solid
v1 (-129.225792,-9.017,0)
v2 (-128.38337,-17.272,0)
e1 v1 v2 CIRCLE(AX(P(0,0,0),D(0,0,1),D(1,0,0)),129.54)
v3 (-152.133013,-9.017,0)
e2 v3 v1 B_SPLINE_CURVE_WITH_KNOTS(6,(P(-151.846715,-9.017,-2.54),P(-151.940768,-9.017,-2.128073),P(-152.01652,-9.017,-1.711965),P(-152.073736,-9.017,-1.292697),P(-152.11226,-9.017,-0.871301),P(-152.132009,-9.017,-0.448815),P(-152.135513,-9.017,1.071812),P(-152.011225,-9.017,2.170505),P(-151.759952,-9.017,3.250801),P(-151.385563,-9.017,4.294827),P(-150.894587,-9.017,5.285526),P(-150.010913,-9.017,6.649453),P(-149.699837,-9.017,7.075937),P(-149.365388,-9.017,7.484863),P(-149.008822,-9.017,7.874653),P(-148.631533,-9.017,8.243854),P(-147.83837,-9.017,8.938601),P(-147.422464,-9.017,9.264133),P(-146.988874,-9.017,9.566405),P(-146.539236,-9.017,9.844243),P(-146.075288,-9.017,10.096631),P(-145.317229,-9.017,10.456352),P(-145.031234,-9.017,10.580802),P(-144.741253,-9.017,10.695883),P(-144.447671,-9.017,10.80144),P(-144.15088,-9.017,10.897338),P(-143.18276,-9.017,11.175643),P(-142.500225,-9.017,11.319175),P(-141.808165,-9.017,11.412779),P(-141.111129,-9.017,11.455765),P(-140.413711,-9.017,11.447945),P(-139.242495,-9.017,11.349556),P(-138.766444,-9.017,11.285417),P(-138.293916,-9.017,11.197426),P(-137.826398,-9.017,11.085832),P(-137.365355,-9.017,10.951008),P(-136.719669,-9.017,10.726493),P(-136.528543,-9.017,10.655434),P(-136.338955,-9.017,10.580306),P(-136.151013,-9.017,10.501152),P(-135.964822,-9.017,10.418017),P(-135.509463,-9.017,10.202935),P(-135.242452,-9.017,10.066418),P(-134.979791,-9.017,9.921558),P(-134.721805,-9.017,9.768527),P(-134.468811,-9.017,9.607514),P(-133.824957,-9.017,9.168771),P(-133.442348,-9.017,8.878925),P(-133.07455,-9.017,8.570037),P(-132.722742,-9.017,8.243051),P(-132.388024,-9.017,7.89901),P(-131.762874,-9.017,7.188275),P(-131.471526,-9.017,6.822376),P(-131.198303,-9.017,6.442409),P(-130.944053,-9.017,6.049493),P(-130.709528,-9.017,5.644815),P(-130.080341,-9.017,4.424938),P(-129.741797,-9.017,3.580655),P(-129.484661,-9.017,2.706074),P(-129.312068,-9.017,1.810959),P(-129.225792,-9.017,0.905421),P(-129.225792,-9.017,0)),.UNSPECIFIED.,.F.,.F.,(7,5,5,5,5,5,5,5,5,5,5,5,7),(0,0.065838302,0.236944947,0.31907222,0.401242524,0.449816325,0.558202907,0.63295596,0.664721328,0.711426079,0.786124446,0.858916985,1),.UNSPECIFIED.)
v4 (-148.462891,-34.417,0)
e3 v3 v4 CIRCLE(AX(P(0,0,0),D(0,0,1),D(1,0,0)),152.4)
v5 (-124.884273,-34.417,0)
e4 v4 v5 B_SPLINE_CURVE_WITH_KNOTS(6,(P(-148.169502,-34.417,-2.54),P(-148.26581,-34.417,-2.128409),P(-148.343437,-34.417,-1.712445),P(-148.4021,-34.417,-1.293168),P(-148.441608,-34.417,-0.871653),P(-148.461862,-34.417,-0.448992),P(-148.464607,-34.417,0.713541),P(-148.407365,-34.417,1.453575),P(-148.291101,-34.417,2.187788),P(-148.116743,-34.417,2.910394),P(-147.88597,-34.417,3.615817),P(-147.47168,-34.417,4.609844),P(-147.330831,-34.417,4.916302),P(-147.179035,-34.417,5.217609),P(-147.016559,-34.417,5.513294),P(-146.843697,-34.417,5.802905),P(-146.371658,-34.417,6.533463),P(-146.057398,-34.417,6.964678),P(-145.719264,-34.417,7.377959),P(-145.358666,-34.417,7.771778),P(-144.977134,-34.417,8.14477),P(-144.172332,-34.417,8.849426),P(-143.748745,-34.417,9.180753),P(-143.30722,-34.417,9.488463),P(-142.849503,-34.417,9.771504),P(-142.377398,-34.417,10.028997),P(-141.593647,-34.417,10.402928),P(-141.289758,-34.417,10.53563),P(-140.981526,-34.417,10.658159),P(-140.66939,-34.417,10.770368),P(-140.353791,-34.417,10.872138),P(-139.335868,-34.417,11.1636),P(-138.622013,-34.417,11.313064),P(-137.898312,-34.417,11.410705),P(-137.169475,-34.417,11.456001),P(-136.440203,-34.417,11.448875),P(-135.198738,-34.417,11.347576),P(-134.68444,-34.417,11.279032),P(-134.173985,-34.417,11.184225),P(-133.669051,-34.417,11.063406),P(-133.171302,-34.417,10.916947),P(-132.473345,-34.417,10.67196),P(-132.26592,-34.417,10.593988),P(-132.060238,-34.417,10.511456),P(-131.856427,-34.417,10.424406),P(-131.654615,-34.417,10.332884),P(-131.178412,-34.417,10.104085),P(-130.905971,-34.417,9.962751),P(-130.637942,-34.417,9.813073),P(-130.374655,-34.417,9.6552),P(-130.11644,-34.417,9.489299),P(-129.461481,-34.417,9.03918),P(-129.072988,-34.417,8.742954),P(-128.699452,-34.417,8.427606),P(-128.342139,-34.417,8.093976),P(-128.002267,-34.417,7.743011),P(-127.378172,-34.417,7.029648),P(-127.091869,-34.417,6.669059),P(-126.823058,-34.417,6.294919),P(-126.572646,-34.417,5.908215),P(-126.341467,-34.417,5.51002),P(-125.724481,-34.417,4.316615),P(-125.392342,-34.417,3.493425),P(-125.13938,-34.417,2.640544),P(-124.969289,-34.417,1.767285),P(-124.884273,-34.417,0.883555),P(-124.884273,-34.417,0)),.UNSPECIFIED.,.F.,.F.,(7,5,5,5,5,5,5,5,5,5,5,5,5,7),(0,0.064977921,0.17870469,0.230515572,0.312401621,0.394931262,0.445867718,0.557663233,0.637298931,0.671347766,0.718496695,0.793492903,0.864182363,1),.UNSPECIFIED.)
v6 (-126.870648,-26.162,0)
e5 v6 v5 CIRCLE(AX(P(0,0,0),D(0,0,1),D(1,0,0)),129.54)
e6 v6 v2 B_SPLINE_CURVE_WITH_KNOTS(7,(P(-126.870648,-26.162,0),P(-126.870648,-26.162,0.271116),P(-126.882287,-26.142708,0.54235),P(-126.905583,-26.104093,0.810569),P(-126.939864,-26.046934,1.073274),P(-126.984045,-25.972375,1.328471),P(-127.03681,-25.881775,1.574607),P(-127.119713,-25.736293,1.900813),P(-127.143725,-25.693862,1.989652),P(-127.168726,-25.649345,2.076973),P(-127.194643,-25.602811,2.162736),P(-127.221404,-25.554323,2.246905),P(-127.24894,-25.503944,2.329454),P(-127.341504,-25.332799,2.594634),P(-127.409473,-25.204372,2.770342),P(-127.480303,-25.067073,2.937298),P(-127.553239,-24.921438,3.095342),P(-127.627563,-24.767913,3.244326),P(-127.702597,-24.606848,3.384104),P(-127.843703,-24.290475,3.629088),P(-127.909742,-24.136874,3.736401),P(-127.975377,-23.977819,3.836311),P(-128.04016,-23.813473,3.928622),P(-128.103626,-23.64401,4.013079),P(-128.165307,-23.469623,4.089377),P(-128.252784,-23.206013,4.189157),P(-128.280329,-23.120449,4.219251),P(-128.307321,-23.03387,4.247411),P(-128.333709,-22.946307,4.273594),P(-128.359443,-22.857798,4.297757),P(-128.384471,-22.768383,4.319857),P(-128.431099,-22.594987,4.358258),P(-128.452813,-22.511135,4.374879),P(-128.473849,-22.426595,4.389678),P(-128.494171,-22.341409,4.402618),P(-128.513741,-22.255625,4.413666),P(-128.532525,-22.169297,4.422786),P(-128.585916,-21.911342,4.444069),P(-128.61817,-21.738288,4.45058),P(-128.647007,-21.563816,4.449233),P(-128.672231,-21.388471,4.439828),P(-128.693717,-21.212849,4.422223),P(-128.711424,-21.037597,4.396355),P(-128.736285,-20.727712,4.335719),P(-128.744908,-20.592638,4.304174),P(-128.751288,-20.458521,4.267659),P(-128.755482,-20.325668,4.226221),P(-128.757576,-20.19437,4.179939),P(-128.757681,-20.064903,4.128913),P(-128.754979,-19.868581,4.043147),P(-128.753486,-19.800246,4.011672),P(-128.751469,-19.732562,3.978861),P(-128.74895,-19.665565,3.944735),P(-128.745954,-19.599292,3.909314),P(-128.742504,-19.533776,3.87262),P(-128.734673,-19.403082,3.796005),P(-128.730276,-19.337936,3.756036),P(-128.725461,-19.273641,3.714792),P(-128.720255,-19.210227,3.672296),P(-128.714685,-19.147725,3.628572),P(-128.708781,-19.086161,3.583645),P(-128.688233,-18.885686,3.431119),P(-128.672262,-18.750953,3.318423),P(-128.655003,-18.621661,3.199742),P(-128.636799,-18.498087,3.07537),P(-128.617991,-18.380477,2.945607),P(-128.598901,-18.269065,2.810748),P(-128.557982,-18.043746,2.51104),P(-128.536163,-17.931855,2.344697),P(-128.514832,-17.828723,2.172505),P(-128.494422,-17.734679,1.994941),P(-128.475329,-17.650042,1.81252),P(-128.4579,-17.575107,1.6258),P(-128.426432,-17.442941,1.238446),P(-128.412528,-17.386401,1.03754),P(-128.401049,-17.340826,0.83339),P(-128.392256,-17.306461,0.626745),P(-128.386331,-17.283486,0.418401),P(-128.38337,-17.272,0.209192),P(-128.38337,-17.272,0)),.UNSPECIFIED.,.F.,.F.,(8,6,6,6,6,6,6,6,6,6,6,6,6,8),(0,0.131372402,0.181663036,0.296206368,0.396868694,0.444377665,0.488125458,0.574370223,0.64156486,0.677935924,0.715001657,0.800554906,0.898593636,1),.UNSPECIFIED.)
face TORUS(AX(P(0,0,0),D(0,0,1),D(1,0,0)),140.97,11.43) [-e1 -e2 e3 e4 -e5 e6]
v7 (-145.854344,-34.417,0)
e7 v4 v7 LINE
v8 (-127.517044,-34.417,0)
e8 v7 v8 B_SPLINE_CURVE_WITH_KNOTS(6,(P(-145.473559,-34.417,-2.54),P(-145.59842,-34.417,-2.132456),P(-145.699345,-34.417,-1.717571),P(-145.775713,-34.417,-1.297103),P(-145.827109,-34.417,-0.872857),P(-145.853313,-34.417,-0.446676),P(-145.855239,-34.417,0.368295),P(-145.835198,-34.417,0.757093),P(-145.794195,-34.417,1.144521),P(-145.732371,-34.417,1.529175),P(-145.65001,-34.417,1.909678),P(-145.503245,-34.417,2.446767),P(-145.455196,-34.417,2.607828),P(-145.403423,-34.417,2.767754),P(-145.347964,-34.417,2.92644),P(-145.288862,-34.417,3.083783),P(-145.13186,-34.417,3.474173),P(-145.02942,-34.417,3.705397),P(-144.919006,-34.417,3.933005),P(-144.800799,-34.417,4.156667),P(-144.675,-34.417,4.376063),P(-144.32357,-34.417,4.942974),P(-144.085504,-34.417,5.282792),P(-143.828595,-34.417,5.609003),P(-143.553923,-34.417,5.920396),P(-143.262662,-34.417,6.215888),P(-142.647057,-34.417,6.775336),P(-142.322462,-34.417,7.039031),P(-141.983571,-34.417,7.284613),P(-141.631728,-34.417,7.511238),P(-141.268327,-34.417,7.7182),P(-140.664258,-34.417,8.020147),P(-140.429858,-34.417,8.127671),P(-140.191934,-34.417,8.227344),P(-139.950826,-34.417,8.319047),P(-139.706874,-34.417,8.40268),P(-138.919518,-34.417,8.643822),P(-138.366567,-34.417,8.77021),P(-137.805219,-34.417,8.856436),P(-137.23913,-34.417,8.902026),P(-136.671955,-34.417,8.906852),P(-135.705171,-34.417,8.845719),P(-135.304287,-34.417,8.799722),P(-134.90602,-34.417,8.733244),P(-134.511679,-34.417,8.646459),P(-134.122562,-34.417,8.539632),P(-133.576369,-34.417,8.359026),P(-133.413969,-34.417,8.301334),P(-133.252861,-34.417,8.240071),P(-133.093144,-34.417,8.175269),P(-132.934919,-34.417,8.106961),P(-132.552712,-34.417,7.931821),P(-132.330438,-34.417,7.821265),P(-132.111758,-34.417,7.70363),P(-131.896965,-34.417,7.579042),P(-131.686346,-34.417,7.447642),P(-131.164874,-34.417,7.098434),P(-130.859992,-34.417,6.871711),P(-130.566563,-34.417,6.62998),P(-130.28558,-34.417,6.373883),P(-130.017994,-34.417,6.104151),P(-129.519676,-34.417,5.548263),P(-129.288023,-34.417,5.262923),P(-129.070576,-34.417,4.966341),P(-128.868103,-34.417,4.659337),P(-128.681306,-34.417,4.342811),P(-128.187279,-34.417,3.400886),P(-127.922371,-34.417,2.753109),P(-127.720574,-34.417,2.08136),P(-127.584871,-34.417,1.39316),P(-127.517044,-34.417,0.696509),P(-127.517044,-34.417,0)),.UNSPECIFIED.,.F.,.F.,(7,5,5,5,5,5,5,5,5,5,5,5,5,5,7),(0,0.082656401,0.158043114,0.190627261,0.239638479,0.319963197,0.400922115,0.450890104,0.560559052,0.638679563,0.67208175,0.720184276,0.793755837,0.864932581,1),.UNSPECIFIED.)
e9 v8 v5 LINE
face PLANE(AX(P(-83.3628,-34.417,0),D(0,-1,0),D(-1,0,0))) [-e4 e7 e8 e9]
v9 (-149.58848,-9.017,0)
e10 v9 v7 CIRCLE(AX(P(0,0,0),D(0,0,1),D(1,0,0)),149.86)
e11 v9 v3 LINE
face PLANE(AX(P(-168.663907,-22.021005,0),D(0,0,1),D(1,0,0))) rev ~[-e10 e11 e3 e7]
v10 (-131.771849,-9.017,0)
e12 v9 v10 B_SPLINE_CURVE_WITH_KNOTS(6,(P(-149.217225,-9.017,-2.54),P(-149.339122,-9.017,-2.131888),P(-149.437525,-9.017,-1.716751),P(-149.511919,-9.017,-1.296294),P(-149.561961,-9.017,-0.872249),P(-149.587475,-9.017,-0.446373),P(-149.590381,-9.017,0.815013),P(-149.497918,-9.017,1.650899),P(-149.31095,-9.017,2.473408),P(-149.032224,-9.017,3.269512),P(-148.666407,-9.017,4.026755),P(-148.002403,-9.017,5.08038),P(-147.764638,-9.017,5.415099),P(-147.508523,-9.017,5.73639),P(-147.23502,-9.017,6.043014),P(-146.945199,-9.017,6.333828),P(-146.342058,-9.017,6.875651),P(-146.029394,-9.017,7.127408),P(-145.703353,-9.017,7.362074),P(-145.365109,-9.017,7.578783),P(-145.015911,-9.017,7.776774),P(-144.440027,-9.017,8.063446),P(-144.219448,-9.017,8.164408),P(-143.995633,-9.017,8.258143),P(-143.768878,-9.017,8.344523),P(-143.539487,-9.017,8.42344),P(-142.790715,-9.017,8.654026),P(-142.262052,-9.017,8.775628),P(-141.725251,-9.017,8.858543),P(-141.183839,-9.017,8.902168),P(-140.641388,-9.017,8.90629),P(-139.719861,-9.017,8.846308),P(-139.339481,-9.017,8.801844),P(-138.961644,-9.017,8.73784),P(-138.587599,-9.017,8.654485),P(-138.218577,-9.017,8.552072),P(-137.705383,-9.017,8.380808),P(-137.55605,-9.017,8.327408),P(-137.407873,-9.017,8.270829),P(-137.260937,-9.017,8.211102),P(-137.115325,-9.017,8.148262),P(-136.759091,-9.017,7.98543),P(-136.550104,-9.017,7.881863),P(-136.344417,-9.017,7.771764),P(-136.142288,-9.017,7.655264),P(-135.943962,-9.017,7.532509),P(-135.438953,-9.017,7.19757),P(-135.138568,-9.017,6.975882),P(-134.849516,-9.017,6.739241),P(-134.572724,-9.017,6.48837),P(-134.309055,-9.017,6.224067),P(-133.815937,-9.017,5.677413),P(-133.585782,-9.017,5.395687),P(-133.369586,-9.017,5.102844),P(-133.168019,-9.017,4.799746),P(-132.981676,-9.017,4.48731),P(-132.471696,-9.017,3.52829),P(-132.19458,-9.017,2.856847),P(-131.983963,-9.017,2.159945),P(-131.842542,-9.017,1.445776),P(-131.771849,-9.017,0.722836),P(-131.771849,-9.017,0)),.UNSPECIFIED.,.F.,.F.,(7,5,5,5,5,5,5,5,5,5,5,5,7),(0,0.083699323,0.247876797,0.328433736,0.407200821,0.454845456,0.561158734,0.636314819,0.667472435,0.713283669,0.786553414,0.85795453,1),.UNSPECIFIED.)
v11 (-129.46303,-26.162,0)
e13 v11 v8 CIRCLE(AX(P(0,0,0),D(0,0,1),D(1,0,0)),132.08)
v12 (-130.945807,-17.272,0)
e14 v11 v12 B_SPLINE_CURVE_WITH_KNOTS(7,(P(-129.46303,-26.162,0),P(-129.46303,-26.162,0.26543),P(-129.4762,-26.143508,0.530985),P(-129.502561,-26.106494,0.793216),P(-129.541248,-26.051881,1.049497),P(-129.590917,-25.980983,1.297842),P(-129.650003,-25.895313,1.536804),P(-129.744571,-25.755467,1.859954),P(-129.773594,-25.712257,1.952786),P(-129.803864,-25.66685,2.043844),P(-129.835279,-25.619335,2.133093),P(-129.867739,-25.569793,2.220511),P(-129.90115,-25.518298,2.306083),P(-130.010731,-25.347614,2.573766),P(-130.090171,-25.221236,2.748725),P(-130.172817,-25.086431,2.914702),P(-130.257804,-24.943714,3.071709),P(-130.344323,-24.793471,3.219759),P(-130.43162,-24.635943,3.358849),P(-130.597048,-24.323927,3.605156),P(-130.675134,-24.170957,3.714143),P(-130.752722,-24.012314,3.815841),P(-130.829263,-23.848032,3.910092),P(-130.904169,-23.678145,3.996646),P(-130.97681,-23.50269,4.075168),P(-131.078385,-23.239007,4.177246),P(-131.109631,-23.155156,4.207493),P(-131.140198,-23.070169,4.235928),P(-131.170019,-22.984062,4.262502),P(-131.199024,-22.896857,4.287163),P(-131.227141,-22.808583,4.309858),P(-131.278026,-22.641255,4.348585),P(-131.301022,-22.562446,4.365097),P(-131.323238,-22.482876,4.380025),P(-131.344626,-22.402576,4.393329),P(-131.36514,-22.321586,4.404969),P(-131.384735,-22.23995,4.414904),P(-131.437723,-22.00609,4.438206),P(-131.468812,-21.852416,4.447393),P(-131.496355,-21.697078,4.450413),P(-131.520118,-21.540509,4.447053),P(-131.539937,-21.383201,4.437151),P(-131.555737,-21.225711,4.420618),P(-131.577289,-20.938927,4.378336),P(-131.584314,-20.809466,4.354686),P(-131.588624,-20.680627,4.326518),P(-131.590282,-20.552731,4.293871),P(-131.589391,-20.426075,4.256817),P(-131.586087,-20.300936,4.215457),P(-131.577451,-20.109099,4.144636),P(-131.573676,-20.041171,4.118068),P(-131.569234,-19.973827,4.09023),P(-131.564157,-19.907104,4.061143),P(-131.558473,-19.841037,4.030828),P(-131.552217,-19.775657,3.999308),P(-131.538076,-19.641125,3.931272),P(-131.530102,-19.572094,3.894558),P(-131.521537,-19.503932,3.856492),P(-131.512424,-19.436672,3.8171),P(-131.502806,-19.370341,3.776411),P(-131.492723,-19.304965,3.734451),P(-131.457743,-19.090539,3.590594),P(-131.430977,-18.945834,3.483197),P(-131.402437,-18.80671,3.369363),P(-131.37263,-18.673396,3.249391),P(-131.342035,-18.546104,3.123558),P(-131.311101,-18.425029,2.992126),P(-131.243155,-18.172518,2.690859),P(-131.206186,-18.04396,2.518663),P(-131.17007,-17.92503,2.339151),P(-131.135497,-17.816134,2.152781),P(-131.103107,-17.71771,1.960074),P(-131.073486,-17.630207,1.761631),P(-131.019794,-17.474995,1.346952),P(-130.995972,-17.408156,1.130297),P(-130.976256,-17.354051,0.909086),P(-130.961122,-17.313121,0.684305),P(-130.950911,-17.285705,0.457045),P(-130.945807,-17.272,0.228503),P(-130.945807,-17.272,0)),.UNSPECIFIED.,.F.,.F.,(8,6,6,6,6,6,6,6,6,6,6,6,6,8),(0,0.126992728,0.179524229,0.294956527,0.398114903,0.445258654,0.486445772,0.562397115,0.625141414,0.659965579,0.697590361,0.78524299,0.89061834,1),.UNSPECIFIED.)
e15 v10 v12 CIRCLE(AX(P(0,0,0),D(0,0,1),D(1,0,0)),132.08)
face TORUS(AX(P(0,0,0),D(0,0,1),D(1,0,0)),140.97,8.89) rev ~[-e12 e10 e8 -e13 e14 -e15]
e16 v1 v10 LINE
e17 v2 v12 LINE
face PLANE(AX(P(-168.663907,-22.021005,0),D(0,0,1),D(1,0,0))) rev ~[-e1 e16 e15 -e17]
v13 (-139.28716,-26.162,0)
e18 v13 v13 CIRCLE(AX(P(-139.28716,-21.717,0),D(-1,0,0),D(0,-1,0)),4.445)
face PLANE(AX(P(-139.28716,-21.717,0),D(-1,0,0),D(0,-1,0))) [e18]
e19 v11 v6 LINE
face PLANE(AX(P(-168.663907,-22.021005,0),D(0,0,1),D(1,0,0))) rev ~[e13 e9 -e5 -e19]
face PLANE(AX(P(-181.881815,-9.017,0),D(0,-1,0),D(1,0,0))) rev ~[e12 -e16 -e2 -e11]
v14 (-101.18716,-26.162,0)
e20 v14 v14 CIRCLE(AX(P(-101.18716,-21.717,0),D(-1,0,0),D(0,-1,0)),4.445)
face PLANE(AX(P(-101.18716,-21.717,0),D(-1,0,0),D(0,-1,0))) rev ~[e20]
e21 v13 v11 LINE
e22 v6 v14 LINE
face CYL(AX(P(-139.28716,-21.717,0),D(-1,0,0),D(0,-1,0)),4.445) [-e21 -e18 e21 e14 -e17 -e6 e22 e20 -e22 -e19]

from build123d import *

# Parameters (mm, degrees)
F2_R          = 11.43
F2_R_2        = 8.89
F0_W          = 177.8
F0_H          = 5.7147379888
F4_DEPTH      = 25.4
F4_DEPTH_BACK = 25.4
F5_DEPTH      = 25.4
F7_R          = 4.445
F8_DEPTH      = 38.1


with BuildPart() as f3:
    # F3: sweep along a path in F0
    with BuildLine(Plane.XY) as f3_path:
        ThreePointArc((140.97, 0), (-140.9612054829, 1.5746265624), (140.9348230289, -3.1490566563))
        ThreePointArc((140.9348230289, -3.1490566563), (140.9612054829, -1.5746265624), (140.97, 0))
    # F2 (on line) → F3 (sweep)
    with BuildSketch(Plane(origin=(0, 0, 0), x_dir=(-1, 0, 0), z_dir=(0, 1, 0))):
        with Locations((-140.97, 0)):
            Circle(F2_R)
        with Locations((-140.97, 0)):
            Circle(F2_R_2, mode=Mode.SUBTRACT)
    sweep(path=f3_path.line)

    # F0 (on Top) → F4 (cut, two sides)
    with BuildSketch(Plane.XY) as f4_sk:
        with BuildLine():
            ThreePointArc((-140.6813228933, -9.017), (-4.5108098905, 140.8978122404), (140.97, 0))
            ThreePointArc((140.97, 0), (140.9612054829, -1.5746265624), (140.9348230289, -3.1490566563))
            ThreePointArc((140.9348230289, -3.1490566563), (15.7764325547, -140.0844212461), (-136.7041001982, -34.417))
            Line((-136.7041001982, -34.417), (-181.8818151951, -34.417))
            Line((-181.8818151951, -34.417), (-181.8818151951, -162.2846722603))
            Line((-181.8818151951, -162.2846722603), (186.068713665, -162.2846722603))
            Line((186.068713665, -162.2846722603), (186.068713665, 166.5027737617))
            Line((186.068713665, 166.5027737617), (-181.8818151951, 166.5027737617))
            Line((-181.8818151951, 166.5027737617), (-181.8818151951, -9.017))
            Line((-181.8818151951, -9.017), (-140.6813228933, -9.017))
        make_face()
        with BuildLine():
            ThreePointArc((-127.517044002, -34.417), (17.359078723, -130.9342918639), (132.08, 0))
            Line((132.08, 0), (94.4372, 0))
            Line((94.4372, 0), (94.4372, -16.0022620112))
            Line((94.4372, -16.0022620112), (94.4372, -21.717))
            Line((94.4372, -21.717), (-83.3628, -21.717))
            Line((-83.3628, -21.717), (-83.3628, -34.417))
            Line((-83.3628, -34.417), (-127.517044002, -34.417))
        make_face()
        with BuildLine():
            Line((94.4372, 0), (132.08, 0))
            ThreePointArc((132.08, 0), (-4.5111319594, 132.0029396962), (-131.7718487045, -9.017))
            Line((-131.7718487045, -9.017), (-83.3628, -9.017))
            Line((-83.3628, -9.017), (-83.3628, -16.0022620112))
            Line((-83.3628, -16.0022620112), (94.4372, -16.0022620112))
            Line((94.4372, -16.0022620112), (94.4372, 0))
        make_face()
        with Locations((5.5372, -18.8596310056)):
            Rectangle(F0_W, F0_H)
        with BuildLine():
            Line((140.97, 0), (132.08, 0))
            ThreePointArc((132.08, 0), (17.359078723, -130.9342918639), (-127.517044002, -34.417))
            Line((-127.517044002, -34.417), (-136.7041001982, -34.417))
            ThreePointArc((-136.7041001982, -34.417), (15.7764325547, -140.0844212461), (140.9348230289, -3.1490566563))
            ThreePointArc((140.9348230289, -3.1490566563), (140.9612054829, -1.5746265624), (140.97, 0))
        make_face()
        with BuildLine():
            ThreePointArc((-131.7718487045, -9.017), (-4.5111319594, 132.0029396962), (132.08, 0))
            Line((132.08, 0), (140.97, 0))
            ThreePointArc((140.97, 0), (-4.5108098905, 140.8978122404), (-140.6813228933, -9.017))
            Line((-140.6813228933, -9.017), (-131.7718487045, -9.017))
        make_face()
    extrude(amount=F4_DEPTH, mode=Mode.SUBTRACT)
    extrude(f4_sk.sketch, amount=-F4_DEPTH_BACK, mode=Mode.SUBTRACT)

    # F0 (on Top) → F5 (cut)
    with BuildSketch(Plane.XY):
        with BuildLine():
            ThreePointArc((-139.2871595338, -21.717), (-140.1281923388, -15.3828024712), (-140.6813228933, -9.017))
            Line((-140.6813228933, -9.017), (-181.8818151951, -9.017))
            Line((-181.8818151951, -9.017), (-198.6888721585, -9.017))
            Line((-198.6888721585, -9.017), (-198.6888721585, -34.417))
            Line((-198.6888721585, -34.417), (-181.8818151951, -34.417))
            Line((-181.8818151951, -34.417), (-136.7041001982, -34.417))
            ThreePointArc((-136.7041001982, -34.417), (-138.1416532481, -28.0966997685), (-139.2871595338, -21.717))
        make_face()
        with BuildLine():
            Line((-83.3628, -9.017), (-131.7718487045, -9.017))
            ThreePointArc((-131.7718487045, -9.017), (-131.1808944972, -15.385035551), (-130.282379127, -21.717))
            Line((-130.282379127, -21.717), (-83.3628, -21.717))
            Line((-83.3628, -21.717), (-83.3628, -16.0022620112))
            Line((-83.3628, -16.0022620112), (-83.3628, -9.017))
        make_face()
        with BuildLine():
            ThreePointArc((-130.282379127, -21.717), (-129.056027141, -28.1010366106), (-127.517044002, -34.417))
            Line((-127.517044002, -34.417), (-83.3628, -34.417))
            Line((-83.3628, -34.417), (-83.3628, -21.717))
            Line((-83.3628, -21.717), (-130.282379127, -21.717))
        make_face()
        with BuildLine():
            Line((-136.7041001982, -34.417), (-127.517044002, -34.417))
            ThreePointArc((-127.517044002, -34.417), (-129.056027141, -28.1010366106), (-130.282379127, -21.717))
            Line((-130.282379127, -21.717), (-139.2871595338, -21.717))
            ThreePointArc((-139.2871595338, -21.717), (-138.1416532481, -28.0966997685), (-136.7041001982, -34.417))
        make_face()
        with BuildLine():
            ThreePointArc((-130.282379127, -21.717), (-131.1808944972, -15.385035551), (-131.7718487045, -9.017))
            Line((-131.7718487045, -9.017), (-140.6813228933, -9.017))
            ThreePointArc((-140.6813228933, -9.017), (-140.1281923388, -15.3828024712), (-139.2871595338, -21.717))
            Line((-139.2871595338, -21.717), (-130.282379127, -21.717))
        make_face()
    extrude(amount=-F5_DEPTH, mode=Mode.SUBTRACT)

    # F7 (on line) → F8 (join)
    with BuildSketch(Plane(origin=(-139.2871595338, 0, 0), x_dir=(0, -1, 0), z_dir=(-1, 0, 0))):
        with Locations((21.717, 0)):
            Circle(F7_R)
    extrude(amount=-F8_DEPTH)


solid = f3.part
